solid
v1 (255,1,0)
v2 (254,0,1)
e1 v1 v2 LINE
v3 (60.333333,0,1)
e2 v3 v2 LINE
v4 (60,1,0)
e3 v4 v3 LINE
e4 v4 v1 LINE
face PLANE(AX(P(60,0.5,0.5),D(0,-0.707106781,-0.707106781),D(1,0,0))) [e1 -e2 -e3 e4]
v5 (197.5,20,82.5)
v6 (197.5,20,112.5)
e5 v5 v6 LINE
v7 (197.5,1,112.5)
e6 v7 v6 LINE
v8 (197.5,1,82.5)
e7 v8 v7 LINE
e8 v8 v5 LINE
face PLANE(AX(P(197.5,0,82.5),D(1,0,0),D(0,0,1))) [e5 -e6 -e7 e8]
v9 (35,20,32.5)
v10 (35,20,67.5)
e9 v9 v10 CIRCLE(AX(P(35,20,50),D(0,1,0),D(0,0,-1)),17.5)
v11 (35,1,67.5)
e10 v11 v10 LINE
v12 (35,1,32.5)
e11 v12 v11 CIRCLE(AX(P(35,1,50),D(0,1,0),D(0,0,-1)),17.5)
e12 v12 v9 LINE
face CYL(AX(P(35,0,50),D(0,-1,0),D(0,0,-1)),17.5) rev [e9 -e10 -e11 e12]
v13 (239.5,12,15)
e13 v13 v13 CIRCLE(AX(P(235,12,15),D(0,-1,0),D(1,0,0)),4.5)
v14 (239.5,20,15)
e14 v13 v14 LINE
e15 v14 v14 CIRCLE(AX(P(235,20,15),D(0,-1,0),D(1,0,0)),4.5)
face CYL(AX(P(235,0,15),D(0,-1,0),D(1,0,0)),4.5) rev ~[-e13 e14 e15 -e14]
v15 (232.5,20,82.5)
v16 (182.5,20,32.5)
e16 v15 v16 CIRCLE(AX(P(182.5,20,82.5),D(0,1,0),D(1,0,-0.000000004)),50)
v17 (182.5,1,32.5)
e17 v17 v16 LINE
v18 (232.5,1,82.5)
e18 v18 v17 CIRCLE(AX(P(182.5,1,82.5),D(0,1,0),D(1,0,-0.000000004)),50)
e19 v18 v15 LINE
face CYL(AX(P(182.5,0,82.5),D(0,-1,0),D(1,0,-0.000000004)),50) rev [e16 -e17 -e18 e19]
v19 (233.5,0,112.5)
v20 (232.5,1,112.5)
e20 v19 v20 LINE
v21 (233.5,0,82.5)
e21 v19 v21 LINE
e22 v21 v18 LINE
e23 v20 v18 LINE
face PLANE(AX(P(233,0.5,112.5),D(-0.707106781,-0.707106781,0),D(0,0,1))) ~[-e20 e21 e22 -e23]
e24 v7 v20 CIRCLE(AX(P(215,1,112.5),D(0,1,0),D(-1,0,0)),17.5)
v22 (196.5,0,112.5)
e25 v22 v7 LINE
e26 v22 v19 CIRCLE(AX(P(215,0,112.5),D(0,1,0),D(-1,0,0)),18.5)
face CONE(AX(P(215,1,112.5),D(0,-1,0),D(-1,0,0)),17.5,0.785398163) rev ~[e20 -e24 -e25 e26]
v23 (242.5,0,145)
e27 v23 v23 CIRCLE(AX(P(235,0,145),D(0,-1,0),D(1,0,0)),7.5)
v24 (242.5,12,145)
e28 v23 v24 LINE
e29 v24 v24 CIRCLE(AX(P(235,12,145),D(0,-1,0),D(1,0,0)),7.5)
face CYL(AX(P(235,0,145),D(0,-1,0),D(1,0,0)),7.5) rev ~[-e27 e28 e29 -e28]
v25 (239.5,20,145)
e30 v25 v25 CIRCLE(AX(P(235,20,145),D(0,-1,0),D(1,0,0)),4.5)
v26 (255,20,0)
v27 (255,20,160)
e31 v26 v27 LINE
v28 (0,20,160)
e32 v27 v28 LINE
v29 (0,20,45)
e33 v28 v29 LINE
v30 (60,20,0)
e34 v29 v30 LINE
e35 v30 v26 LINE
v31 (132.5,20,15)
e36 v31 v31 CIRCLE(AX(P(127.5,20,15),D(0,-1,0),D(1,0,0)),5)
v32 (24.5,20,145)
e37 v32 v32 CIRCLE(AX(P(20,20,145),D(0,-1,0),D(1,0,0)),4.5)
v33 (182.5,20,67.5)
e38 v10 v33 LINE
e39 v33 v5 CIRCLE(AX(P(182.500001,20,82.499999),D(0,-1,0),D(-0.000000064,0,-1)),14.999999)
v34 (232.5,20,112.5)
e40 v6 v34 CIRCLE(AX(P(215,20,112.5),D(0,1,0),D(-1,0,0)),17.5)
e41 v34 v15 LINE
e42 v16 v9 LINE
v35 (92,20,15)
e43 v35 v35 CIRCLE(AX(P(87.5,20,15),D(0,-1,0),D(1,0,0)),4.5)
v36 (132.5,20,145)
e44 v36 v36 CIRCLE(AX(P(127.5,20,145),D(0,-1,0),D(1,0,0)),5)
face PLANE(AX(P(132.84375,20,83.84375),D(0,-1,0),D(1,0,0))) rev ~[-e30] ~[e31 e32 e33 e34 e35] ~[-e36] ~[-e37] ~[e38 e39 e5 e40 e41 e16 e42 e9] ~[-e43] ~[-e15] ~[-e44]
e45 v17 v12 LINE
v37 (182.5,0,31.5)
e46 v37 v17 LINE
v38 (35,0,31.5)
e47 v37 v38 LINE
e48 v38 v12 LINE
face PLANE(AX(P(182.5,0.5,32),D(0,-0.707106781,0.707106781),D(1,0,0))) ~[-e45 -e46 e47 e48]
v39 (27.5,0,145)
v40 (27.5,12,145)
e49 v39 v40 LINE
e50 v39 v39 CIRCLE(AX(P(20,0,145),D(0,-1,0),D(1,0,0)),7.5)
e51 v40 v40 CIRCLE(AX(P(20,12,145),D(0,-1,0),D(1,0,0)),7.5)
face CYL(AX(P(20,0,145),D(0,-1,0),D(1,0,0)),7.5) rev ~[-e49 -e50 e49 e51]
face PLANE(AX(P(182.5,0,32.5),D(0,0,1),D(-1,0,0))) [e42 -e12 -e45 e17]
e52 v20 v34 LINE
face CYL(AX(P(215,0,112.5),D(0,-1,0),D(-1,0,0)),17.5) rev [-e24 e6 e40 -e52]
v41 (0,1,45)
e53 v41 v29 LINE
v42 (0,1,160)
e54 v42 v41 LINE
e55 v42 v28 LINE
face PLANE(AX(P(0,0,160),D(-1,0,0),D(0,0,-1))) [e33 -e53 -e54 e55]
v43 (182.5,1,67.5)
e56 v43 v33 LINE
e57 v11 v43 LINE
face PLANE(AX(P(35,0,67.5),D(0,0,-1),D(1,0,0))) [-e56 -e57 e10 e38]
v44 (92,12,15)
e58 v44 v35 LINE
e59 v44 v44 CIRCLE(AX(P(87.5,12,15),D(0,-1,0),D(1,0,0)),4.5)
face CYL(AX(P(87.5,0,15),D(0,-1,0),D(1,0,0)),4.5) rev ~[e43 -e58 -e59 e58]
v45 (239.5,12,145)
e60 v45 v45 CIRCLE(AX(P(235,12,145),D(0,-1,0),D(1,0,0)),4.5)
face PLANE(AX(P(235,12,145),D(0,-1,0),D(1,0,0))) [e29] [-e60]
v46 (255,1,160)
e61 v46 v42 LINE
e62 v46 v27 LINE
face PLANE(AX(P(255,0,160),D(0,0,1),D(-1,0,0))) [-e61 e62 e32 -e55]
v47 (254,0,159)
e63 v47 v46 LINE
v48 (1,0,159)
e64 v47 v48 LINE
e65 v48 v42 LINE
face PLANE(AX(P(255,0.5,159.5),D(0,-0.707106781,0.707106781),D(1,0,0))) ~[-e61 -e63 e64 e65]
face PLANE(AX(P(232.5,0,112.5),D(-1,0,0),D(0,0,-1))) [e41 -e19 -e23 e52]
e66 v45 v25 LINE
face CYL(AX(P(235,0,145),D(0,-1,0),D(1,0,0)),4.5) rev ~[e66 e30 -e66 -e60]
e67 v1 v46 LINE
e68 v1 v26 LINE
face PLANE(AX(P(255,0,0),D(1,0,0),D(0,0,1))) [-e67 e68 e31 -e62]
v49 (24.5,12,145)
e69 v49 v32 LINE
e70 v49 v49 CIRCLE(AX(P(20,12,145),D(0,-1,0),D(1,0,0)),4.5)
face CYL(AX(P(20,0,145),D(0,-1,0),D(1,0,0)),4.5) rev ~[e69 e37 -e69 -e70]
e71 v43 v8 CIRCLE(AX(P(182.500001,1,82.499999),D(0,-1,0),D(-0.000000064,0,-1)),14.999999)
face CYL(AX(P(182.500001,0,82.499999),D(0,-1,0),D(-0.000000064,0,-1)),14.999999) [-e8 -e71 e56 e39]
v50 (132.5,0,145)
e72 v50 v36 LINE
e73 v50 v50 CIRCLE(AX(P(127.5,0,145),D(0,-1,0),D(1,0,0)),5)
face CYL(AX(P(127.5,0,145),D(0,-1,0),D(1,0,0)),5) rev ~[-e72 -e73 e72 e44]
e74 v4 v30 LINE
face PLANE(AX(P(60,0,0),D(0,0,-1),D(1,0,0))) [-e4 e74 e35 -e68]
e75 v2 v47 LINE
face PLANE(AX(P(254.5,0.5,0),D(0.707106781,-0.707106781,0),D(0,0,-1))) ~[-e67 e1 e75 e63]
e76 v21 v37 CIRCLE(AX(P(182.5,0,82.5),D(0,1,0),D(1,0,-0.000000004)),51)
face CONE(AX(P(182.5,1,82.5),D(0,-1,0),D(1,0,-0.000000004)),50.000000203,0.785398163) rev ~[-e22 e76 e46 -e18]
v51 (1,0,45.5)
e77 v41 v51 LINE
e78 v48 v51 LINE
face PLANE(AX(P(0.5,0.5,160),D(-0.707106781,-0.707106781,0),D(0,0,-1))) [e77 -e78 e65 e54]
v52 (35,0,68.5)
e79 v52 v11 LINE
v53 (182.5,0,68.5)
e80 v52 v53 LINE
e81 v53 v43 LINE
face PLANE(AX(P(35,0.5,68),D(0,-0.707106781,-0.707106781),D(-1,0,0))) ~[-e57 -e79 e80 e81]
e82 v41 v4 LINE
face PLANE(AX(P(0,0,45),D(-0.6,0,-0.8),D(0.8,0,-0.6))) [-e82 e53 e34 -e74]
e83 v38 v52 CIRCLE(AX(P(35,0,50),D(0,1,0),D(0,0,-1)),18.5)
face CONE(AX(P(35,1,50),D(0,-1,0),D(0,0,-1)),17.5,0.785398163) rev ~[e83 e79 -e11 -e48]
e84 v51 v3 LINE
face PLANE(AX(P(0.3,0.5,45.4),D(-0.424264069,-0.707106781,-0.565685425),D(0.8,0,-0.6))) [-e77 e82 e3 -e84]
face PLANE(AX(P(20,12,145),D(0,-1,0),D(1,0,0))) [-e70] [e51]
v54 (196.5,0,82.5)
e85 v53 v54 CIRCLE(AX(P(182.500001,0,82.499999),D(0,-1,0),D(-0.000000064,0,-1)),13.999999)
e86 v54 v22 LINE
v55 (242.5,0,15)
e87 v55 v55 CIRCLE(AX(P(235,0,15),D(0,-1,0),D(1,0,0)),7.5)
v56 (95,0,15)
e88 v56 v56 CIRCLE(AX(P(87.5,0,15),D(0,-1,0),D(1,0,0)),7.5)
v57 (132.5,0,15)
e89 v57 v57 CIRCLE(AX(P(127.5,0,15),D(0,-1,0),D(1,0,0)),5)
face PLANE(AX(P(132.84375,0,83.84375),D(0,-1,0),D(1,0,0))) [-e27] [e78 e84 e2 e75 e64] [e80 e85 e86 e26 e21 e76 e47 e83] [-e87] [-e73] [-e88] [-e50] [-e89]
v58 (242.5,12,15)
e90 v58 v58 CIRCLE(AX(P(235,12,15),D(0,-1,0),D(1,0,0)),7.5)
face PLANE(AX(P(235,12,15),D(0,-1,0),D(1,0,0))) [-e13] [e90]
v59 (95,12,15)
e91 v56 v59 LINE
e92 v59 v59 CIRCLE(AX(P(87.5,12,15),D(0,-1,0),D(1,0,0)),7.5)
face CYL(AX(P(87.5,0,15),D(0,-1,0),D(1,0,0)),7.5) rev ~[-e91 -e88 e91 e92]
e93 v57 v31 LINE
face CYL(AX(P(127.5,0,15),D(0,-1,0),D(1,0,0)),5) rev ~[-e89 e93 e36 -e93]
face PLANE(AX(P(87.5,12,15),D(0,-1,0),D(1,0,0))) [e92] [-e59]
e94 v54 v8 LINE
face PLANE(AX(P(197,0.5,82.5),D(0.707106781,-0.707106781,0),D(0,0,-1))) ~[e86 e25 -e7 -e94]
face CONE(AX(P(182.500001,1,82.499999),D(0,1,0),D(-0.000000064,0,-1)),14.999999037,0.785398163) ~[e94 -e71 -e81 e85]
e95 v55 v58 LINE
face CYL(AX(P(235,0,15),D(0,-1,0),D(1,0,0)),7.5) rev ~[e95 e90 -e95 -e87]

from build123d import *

# Parameters (mm, degrees)
F0_R     = 5
F1_DEPTH = 20
F2_R     = 7.5
F2_R_2   = 4.5
F3_DEPTH = 12
F4_DEPTH = 25
F5_SIZE2 = 1
F5_SIZE  = 1


with BuildPart() as f1:
    # F0 (on Front) → F1 (new body)
    with BuildSketch(Plane.XZ):
        Polygon((0, 45), (60, 0), (255, 0), (255, 160), (0, 160), align=None)
        with Locations((127.5, 15)):
            Circle(F0_R, mode=Mode.SUBTRACT)
        with BuildLine():
            ThreePointArc((35, 32.5), (17.5, 50), (35, 67.5))
            Line((35, 67.5), (182.5, 67.5))
            ThreePointArc((182.5, 67.5), (193.106602, 71.893398), (197.5, 82.5))
            Line((197.5, 82.5), (197.5, 112.5))
            ThreePointArc((197.5, 112.5), (215, 130), (232.5, 112.5))
            Line((232.5, 112.5), (232.5, 82.5))
            ThreePointArc((232.5, 82.5), (217.855339, 47.144661), (182.5, 32.5))
            Line((182.5, 32.5), (35, 32.5))
        make_face(mode=Mode.SUBTRACT)
        with Locations((127.5, 145)):
            Circle(F0_R, mode=Mode.SUBTRACT)
    extrude(amount=-F1_DEPTH)

    # F2 (on face) → F3 (cut)
    with BuildSketch(Plane.XZ):
        with Locations((20, 145)):
            Circle(F2_R)
        with Locations((20, 145)):
            Circle(F2_R_2, mode=Mode.SUBTRACT)
        with Locations((235, 145)):
            Circle(F2_R)
        with Locations((235, 145)):
            Circle(F2_R_2, mode=Mode.SUBTRACT)
        with Locations((235, 15)):
            Circle(F2_R)
        with Locations((235, 15)):
            Circle(F2_R_2, mode=Mode.SUBTRACT)
        with Locations((87.5, 15)):
            Circle(F2_R)
        with Locations((87.5, 15)):
            Circle(F2_R_2, mode=Mode.SUBTRACT)
    extrude(amount=-F3_DEPTH, mode=Mode.SUBTRACT)

    # F2 (on face) → F4 (cut)
    with BuildSketch(Plane.XZ):
        with Locations((20, 145)):
            Circle(F2_R_2)
        with Locations((235, 145)):
            Circle(F2_R_2)
        with Locations((87.5, 15)):
            Circle(F2_R_2)
        with Locations((235, 15)):
            Circle(F2_R_2)
    extrude(amount=-F4_DEPTH, mode=Mode.SUBTRACT)

    # F5
    f5_edges = [f1.edges().sort_by_distance(p)[0] for p in [
        (157.5, 0, 0),
        (255, 0, 80),
        (127.5, 0, 160),
        (0, 0, 102.5),
        (30, 0, 22.5),
        (108.75, 0, 67.5),
        (17.5, 0, 50),
        (108.75, 0, 32.5),
        (217.855339, 0, 47.144661),
    ]]
    chamfer(f5_edges, length=F5_SIZE, length2=F5_SIZE2)


solid = f1.part
